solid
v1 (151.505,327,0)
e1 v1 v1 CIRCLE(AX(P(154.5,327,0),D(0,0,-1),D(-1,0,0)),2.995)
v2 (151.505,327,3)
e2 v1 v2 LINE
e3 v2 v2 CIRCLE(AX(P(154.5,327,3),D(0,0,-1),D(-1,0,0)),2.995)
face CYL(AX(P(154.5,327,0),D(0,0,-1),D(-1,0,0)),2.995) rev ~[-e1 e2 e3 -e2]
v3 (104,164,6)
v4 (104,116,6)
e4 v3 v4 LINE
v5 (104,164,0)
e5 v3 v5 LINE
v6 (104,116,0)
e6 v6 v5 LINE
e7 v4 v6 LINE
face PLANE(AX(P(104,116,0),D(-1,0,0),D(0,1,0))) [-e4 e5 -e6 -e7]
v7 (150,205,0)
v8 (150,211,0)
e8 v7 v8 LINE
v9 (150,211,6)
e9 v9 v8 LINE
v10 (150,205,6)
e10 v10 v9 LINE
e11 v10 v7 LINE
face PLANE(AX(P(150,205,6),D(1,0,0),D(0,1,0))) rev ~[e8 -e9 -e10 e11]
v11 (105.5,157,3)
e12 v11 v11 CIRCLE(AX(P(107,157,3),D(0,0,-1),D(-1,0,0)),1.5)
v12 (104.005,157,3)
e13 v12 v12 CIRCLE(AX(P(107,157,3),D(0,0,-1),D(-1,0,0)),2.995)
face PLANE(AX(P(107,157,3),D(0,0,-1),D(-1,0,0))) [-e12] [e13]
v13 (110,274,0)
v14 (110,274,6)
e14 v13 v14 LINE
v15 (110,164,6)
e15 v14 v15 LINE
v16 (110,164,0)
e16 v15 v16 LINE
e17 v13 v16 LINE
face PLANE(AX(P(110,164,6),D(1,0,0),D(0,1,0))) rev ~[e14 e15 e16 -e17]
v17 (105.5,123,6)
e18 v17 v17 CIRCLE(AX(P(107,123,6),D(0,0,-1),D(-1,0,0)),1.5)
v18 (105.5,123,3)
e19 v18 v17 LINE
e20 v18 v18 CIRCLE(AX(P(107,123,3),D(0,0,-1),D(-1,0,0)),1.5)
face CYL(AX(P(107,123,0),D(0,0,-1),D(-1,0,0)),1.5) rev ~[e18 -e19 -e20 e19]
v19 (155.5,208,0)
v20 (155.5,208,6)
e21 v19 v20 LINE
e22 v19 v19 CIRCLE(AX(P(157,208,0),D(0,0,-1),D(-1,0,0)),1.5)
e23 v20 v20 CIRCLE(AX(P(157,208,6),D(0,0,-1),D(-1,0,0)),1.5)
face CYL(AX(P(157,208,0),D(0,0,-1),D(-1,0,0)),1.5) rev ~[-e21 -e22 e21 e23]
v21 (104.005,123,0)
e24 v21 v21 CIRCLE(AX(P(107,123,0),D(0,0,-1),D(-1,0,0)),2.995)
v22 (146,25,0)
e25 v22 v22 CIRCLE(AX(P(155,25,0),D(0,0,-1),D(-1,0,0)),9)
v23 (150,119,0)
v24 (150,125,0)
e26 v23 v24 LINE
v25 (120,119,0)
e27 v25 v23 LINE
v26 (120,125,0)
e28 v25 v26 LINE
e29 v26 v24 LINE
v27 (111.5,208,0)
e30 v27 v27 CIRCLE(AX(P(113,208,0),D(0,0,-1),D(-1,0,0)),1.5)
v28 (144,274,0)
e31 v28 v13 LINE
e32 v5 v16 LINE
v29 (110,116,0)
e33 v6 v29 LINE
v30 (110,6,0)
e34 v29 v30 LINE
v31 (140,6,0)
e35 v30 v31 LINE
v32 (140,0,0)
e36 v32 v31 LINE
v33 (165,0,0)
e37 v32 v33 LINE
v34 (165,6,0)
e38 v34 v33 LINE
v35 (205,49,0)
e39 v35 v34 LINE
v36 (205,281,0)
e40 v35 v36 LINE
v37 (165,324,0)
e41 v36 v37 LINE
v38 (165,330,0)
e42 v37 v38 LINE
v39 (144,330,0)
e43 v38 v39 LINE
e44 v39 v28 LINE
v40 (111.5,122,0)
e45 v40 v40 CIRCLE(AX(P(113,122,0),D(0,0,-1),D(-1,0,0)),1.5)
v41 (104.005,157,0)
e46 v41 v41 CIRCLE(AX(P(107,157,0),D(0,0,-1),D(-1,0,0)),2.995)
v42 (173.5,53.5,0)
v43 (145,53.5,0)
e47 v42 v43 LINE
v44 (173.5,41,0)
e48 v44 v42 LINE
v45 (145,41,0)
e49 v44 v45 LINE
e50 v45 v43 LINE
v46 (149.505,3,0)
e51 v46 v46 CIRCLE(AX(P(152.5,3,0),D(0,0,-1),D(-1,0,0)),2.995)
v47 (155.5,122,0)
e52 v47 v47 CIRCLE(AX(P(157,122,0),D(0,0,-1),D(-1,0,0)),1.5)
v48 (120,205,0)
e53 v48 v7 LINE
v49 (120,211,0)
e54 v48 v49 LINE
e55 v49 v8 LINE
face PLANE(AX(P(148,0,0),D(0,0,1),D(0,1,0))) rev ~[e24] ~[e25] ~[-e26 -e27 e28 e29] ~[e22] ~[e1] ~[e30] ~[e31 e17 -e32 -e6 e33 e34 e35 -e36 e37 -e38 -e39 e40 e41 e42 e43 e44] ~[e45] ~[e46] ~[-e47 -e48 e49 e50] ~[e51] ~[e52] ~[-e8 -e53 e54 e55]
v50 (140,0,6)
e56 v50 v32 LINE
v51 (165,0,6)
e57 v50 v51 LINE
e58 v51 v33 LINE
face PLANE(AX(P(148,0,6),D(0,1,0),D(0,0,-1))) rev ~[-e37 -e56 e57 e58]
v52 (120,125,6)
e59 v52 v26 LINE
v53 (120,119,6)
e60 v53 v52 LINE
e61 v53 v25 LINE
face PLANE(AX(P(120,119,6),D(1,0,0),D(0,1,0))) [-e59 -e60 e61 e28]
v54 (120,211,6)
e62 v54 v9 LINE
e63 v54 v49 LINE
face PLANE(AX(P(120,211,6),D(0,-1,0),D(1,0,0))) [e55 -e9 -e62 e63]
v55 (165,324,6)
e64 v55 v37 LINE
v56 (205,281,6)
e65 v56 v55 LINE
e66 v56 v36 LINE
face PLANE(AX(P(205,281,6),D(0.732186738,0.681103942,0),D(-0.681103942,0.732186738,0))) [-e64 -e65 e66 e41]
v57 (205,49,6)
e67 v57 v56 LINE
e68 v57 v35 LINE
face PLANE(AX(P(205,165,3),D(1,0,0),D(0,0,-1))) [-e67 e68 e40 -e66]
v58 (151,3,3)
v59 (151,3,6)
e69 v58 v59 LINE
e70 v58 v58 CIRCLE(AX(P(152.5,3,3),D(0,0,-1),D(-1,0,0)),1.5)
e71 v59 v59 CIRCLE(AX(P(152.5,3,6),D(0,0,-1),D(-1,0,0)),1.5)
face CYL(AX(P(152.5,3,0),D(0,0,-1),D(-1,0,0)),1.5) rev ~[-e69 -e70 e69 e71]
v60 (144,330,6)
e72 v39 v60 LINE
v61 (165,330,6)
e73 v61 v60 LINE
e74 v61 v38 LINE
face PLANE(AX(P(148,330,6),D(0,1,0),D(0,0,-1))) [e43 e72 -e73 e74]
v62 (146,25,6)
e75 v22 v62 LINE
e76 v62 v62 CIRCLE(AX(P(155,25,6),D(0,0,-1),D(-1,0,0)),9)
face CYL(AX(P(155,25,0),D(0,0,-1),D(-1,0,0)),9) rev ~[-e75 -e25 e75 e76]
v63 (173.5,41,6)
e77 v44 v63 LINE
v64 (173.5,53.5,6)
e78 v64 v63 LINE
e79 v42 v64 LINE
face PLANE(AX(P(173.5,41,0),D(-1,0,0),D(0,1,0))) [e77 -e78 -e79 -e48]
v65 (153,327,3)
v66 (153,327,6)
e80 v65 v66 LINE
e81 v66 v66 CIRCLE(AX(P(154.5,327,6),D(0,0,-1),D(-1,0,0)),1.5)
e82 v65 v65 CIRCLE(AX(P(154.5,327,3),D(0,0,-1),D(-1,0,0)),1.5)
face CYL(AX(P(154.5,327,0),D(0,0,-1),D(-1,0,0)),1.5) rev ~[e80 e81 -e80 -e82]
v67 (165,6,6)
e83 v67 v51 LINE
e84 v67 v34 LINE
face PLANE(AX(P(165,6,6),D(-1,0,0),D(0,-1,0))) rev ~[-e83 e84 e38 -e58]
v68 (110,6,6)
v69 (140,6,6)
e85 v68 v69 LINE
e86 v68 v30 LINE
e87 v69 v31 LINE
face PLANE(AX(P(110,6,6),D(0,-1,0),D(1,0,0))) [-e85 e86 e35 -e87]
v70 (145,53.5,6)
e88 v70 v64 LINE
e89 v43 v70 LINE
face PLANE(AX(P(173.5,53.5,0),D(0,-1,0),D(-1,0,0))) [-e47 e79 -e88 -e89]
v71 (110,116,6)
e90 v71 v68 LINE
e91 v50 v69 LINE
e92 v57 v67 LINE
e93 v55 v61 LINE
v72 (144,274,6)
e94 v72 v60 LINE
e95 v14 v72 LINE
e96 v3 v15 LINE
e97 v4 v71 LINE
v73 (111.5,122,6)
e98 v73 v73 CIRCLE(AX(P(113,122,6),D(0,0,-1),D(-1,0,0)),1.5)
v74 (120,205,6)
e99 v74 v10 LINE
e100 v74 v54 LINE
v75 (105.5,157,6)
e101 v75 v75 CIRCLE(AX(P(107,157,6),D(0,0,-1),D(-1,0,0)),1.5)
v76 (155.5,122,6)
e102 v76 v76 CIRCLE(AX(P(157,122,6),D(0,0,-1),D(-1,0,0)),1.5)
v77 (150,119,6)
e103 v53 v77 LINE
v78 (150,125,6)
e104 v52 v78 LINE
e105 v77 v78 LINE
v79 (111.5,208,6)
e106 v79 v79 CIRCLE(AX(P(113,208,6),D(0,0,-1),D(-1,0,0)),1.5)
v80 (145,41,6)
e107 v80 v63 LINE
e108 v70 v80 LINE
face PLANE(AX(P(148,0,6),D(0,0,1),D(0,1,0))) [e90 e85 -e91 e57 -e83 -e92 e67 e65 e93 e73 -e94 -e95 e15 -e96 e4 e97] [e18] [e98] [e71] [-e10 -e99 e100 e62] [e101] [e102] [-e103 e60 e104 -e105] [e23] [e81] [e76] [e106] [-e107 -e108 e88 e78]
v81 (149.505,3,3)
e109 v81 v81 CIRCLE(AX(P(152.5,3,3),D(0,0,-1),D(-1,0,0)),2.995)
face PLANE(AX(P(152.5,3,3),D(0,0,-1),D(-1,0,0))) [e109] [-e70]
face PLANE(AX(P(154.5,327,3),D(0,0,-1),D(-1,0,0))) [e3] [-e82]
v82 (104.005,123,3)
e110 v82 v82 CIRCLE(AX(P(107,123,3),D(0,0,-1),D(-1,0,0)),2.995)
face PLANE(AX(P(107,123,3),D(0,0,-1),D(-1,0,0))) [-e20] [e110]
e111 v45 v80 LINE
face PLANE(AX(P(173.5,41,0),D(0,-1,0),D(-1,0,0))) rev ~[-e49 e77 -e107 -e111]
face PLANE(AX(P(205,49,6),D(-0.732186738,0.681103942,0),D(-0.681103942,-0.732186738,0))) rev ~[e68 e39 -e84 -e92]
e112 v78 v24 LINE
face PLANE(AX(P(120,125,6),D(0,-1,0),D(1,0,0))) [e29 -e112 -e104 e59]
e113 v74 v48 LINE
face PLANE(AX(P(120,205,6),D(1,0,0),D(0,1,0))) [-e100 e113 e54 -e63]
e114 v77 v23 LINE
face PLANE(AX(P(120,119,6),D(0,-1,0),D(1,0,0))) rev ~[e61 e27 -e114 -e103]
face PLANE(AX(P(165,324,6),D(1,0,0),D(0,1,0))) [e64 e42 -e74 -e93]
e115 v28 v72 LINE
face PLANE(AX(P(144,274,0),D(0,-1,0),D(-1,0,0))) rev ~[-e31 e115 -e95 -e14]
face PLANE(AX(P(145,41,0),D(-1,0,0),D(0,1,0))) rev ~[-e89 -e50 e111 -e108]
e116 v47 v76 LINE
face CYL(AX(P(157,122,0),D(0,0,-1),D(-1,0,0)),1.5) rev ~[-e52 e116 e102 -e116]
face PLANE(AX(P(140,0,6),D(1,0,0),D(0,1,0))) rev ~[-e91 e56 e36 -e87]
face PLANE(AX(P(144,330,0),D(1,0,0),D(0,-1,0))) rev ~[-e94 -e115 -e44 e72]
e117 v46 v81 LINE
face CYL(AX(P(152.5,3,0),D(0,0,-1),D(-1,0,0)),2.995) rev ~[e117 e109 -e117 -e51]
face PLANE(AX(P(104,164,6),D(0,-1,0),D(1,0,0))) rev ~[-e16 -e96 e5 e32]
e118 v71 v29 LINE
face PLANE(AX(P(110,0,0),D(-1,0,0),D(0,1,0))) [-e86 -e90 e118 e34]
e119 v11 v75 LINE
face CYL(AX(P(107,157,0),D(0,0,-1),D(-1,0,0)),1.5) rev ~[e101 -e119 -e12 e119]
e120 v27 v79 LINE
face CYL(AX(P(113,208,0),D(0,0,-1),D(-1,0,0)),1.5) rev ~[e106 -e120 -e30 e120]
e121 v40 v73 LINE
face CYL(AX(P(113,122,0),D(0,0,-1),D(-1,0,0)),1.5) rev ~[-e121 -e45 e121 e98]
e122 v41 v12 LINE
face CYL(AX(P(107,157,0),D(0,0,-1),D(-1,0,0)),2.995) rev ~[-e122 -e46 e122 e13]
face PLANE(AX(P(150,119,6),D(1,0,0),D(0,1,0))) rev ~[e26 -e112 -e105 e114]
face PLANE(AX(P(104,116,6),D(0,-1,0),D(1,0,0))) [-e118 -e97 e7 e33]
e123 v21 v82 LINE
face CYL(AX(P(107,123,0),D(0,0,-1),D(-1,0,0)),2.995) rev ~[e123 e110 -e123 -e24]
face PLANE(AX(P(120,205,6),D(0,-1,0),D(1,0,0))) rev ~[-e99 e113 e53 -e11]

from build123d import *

# Parameters (mm, degrees)
ESQUISSE1_W              = 148
ESQUISSE1_H              = 330
BOSS_EXTRU_1_DEPTH       = 6
ESQUISSE2_W              = 30
ESQUISSE2_H              = 6
ESQUISSE2_W_2            = 6
ESQUISSE2_H_2            = 40
ENL_V_MAT_EXTRU_1_DEPTH  = 6
ESQUISSE6_W              = 6
ESQUISSE6_H              = 60
ENL_V_MAT_EXTRU_4_DEPTH  = 10
ESQUISSE8_W              = 6
ESQUISSE8_H              = 330
BOSS_EXTRU_2_DEPTH       = 57
ENL_V_MAT_EXTRU_5_DEPTH  = 389.536999525
ESQUISSE10_W             = 30
ESQUISSE10_H             = 6
ENL_V_MAT_EXTRU_6_DEPTH  = 389.536999525
ENL_V_MAT_EXTRU_9_DEPTH  = 389.536999525
ENL_V_MAT_EXTRU_11_DEPTH = 10
ESQUISSE16_R             = 1.5
ENL_V_MAT_EXTRU_12_DEPTH = 6
ESQUISSE17_R             = 2.995
ENL_V_MAT_EXTRU_13_DEPTH = 3
ESQUISSE18_R             = 9
ESQUISSE18_W             = 28.5
ESQUISSE18_H             = 12.5
ENL_V_MAT_EXTRU_14_DEPTH = 389.536999525
ESQUISSE5_W              = 30
ESQUISSE5_H              = 6
ESQUISSE5_H_2            = 3
ENL_V_MAT_EXTRU_15_DEPTH = 389.536999525


with BuildPart() as part:
    # Esquisse1 → Boss.-Extru.1 (new body)
    with BuildSketch(Plane.XY):
        with Locations((74, 165)):
            Rectangle(ESQUISSE1_W, ESQUISSE1_H)
    extrude(amount=BOSS_EXTRU_1_DEPTH)

    # Esquisse2 → Enlèv. mat.-Extru.1 (cut)
    with BuildSketch(Plane.XY.offset(6)):
        with Locations((45, 3)):
            Rectangle(ESQUISSE2_W, ESQUISSE2_H)
        with Locations((125, 3)):
            Rectangle(ESQUISSE2_W, ESQUISSE2_H)
        with Locations((45, 327)):
            Rectangle(ESQUISSE2_W, ESQUISSE2_H)
        with Locations((117, 327)):
            Rectangle(ESQUISSE2_W, ESQUISSE2_H)
        with Locations((3, 245)):
            Rectangle(ESQUISSE2_W_2, ESQUISSE2_H_2)
        with Locations((3, 165)):
            Rectangle(ESQUISSE2_W_2, ESQUISSE2_H_2)
        with Locations((3, 85)):
            Rectangle(ESQUISSE2_W_2, ESQUISSE2_H_2)
    extrude(amount=-ENL_V_MAT_EXTRU_1_DEPTH, mode=Mode.SUBTRACT)

    # Esquisse6 → Enlèv. mat.-Extru.4 (cut)
    with BuildSketch(Plane.XY.offset(6)):
        with Locations((107, 86)):
            Rectangle(ESQUISSE6_W, ESQUISSE6_H)
        with Locations((107, 194)):
            Rectangle(ESQUISSE6_W, ESQUISSE6_H)
    extrude(amount=-ENL_V_MAT_EXTRU_4_DEPTH, mode=Mode.SUBTRACT)

    # Esquisse8 → Boss.-Extru.2 (add)
    with BuildSketch(Plane(origin=(148, 0, 0), x_dir=(0, 0, -1), z_dir=(1, 0, 0))):
        with Locations((-3, 165)):
            Rectangle(ESQUISSE8_W, ESQUISSE8_H)
    extrude(amount=BOSS_EXTRU_2_DEPTH)

    # Esquisse9 → Enlèv. mat.-Extru.5 (cut, through all)
    with BuildSketch(Plane.XY.offset(6)):
        Polygon((165, 0), (205, 0), (205, 49), (165, 6), align=None)
        Polygon((165, 330), (205, 330), (205, 281), (165, 324), align=None)
    extrude(amount=-ENL_V_MAT_EXTRU_5_DEPTH, mode=Mode.SUBTRACT)

    # Esquisse10 → Enlèv. mat.-Extru.6 (cut, through all)
    with BuildSketch(Plane.XY.offset(6)):
        with Locations((135, 208)):
            Rectangle(ESQUISSE10_W, ESQUISSE10_H)
        with Locations((135, 122)):
            Rectangle(ESQUISSE10_W, ESQUISSE10_H)
    extrude(amount=-ENL_V_MAT_EXTRU_6_DEPTH, mode=Mode.SUBTRACT)

    # Esquisse13 → Enlèv. mat.-Extru.9 (cut, through all)
    with BuildSketch(Plane(origin=(0, 0, 0), x_dir=(-1, 0, 0), z_dir=(0, 0, -1))):
        Polygon((-88, 330), (-144, 330), (-144, 274), (-110, 274), (-110, 280), (-88, 280), align=None)
    extrude(amount=-ENL_V_MAT_EXTRU_9_DEPTH, mode=Mode.SUBTRACT)

    # Esquisse15 → Enlèv. mat.-Extru.11 (cut)
    with BuildSketch(Plane(origin=(0, 0, 0), x_dir=(-1, 0, 0), z_dir=(0, 0, -1))):
        Polygon((-110, 0), (-110, 116), (-104, 116), (-104, 164), (-110, 164), (-110, 280), (-88, 280), (-88, 330), (0, 330), (0, 0), align=None)
    extrude(amount=-ENL_V_MAT_EXTRU_11_DEPTH, mode=Mode.SUBTRACT)

    # Esquisse16 → Enlèv. mat.-Extru.12 (cut)
    with BuildSketch(Plane(origin=(0, 0, 0), x_dir=(-1, 0, 0), z_dir=(0, 0, -1))):
        with Locations((-152.5, 3)):
            Circle(ESQUISSE16_R)
        with Locations((-107, 123)):
            Circle(ESQUISSE16_R)
        with Locations((-107, 157)):
            Circle(ESQUISSE16_R)
        with Locations((-154.5, 327)):
            Circle(ESQUISSE16_R)
        with Locations((-157, 122)):
            Circle(ESQUISSE16_R)
        with Locations((-157, 208)):
            Circle(ESQUISSE16_R)
        with Locations((-113, 122)):
            Circle(ESQUISSE16_R)
        with Locations((-113, 208)):
            Circle(ESQUISSE16_R)
    extrude(amount=-ENL_V_MAT_EXTRU_12_DEPTH, mode=Mode.SUBTRACT)

    # Esquisse17 → Enlèv. mat.-Extru.13 (cut)
    with BuildSketch(Plane(origin=(0, 0, 0), x_dir=(-1, 0, 0), z_dir=(0, 0, -1))):
        with Locations((-152.5, 3)):
            Circle(ESQUISSE17_R)
        with Locations((-107, 123)):
            Circle(ESQUISSE17_R)
        with Locations((-107, 157)):
            Circle(ESQUISSE17_R)
        with Locations((-154.5, 327)):
            Circle(ESQUISSE17_R)
    extrude(amount=-ENL_V_MAT_EXTRU_13_DEPTH, mode=Mode.SUBTRACT)

    # Esquisse18 → Enlèv. mat.-Extru.14 (cut, through all)
    with BuildSketch(Plane(origin=(0, 0, 0), x_dir=(-1, 0, 0), z_dir=(0, 0, -1))):
        with Locations((-155, 25)):
            Circle(ESQUISSE18_R)
        with Locations((-159.25, 47.25)):
            Rectangle(ESQUISSE18_W, ESQUISSE18_H)
    extrude(amount=-ENL_V_MAT_EXTRU_14_DEPTH, mode=Mode.SUBTRACT)

    # Esquisse5 → Enlèv. mat.-Extru.15 (cut, through all)
    with BuildSketch(Plane.XY.offset(6)):
        with Locations((56.5, 277)):
            Rectangle(ESQUISSE5_W, ESQUISSE5_H)
        with Locations((56.5, 133.5)):
            Rectangle(ESQUISSE5_W, ESQUISSE5_H_2)
    extrude(amount=-ENL_V_MAT_EXTRU_15_DEPTH, mode=Mode.SUBTRACT)


solid = part.part
